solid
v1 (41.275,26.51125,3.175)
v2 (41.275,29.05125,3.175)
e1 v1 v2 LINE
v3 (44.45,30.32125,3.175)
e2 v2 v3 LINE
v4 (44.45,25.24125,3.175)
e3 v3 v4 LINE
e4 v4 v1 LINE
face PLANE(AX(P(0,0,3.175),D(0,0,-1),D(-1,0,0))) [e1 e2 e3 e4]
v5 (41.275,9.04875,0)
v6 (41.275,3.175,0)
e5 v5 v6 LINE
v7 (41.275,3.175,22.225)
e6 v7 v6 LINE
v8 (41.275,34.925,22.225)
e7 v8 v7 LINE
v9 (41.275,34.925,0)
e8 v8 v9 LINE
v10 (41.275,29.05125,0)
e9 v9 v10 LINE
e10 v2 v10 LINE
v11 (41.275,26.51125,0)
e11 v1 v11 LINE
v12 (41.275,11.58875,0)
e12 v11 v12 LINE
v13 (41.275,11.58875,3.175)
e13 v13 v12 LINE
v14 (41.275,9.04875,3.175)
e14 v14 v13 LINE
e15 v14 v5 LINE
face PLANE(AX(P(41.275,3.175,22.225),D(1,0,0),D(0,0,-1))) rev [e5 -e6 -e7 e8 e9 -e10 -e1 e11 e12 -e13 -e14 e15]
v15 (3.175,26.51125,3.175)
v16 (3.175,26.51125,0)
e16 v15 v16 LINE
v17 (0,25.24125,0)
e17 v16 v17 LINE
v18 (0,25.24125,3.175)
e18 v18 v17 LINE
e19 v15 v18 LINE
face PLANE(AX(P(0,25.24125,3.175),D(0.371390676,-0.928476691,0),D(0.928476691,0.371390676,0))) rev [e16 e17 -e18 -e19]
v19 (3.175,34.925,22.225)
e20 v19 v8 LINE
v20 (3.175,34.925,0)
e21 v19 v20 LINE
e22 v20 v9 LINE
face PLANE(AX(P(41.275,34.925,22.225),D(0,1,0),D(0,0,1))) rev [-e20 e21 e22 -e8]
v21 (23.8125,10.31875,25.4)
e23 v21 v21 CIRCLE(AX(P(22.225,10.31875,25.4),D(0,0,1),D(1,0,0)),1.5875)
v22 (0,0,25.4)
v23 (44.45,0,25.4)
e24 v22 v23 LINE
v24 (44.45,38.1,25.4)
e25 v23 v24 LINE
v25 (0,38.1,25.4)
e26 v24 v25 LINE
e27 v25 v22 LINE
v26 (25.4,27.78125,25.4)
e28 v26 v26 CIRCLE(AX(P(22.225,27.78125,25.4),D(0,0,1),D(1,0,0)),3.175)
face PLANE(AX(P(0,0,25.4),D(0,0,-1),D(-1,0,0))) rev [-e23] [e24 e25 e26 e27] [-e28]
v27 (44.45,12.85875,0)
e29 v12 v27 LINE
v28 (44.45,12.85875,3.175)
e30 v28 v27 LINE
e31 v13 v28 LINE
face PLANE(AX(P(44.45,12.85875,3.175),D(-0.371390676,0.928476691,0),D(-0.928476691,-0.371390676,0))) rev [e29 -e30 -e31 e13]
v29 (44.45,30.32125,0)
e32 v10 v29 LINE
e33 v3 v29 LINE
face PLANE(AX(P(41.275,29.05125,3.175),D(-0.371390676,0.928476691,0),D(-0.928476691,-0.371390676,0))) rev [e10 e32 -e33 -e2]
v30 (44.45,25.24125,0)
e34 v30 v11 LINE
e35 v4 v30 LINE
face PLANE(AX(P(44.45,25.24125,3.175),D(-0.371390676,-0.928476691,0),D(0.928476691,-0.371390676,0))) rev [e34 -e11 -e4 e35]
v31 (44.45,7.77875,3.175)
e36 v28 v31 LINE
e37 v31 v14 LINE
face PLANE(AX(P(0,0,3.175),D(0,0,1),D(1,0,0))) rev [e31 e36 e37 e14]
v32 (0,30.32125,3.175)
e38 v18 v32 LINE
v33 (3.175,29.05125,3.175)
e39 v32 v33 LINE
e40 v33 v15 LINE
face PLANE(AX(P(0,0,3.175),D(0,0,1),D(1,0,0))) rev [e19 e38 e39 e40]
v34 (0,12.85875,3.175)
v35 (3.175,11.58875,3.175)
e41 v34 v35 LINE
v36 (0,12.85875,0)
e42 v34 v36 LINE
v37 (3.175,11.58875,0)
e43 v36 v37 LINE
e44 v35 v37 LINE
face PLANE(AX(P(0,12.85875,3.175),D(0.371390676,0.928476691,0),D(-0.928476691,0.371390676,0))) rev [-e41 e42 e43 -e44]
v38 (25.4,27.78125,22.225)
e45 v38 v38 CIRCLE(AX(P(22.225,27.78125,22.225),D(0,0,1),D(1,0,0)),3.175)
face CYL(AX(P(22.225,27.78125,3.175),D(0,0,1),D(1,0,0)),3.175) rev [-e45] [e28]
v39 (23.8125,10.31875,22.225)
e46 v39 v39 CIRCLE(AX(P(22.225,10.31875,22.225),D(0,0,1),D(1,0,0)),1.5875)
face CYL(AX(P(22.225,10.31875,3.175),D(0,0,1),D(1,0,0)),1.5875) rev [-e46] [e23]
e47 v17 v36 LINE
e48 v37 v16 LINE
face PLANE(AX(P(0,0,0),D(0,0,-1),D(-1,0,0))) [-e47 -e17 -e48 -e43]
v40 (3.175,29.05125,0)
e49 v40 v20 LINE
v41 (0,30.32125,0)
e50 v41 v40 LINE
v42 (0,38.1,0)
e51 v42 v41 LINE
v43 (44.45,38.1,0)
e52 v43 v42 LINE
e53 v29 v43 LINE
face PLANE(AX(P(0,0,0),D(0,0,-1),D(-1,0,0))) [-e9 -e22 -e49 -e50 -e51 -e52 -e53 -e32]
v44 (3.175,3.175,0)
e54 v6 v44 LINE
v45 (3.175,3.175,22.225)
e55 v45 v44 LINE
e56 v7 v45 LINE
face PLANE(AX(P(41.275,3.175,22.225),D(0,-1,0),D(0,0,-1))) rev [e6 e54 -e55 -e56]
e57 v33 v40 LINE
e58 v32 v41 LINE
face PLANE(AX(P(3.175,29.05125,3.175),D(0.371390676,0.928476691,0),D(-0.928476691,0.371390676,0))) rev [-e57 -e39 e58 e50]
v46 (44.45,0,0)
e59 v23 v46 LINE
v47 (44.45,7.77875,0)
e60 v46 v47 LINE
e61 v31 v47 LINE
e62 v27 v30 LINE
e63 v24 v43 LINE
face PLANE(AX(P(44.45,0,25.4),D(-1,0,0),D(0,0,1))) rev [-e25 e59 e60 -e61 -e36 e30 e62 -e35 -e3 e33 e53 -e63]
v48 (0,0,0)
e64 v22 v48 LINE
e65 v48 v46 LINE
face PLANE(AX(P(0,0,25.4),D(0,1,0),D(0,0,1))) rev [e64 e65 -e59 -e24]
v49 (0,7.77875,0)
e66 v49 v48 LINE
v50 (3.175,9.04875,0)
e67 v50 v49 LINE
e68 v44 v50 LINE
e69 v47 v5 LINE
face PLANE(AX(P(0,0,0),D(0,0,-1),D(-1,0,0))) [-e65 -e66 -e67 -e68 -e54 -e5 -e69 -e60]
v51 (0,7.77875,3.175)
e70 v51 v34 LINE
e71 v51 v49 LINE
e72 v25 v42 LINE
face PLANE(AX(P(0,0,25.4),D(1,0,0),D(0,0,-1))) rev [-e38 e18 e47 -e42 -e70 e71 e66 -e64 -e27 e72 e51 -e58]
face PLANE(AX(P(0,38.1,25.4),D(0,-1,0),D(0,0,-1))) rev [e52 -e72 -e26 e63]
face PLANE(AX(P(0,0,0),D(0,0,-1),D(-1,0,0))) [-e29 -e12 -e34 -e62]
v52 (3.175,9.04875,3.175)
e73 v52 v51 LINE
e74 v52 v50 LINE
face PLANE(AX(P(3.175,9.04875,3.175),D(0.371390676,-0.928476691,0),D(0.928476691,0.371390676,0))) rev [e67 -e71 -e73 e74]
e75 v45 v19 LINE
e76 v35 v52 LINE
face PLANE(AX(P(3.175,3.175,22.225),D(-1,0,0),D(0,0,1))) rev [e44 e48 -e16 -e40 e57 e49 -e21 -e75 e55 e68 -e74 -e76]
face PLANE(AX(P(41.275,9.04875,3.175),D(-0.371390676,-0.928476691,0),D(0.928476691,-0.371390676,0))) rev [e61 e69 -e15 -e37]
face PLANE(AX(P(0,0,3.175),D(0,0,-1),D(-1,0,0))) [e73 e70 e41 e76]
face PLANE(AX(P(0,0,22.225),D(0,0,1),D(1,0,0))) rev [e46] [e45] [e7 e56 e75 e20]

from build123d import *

# Parameters (mm, degrees)
SKETCH1_W           = 44.45
SKETCH1_H           = 38.1
BOSS_EXTRUDE1_DEPTH = 25.4
SKETCH2_W           = 38.1
SKETCH2_H           = 31.75
CUT_EXTRUDE1_DEPTH  = 22.225
SKETCH3_R           = 3.175
SKETCH3_R_2         = 1.5875
CUT_EXTRUDE2_DEPTH  = 22.225
CUT_EXTRUDE3_DEPTH  = 3.175


with BuildPart() as part:
    # Sketch1 → Boss-Extrude1 (new body)
    with BuildSketch(Plane.XY):
        with Locations((22.225, 19.05)):
            Rectangle(SKETCH1_W, SKETCH1_H)
    extrude(amount=BOSS_EXTRUDE1_DEPTH)

    # Sketch2 → Cut-Extrude1 (cut)
    with BuildSketch(Plane(origin=(0, 0, 0), x_dir=(-1, 0, 0), z_dir=(0, 0, -1))):
        with Locations((-22.225, 19.05)):
            Rectangle(SKETCH2_W, SKETCH2_H)
    extrude(amount=-CUT_EXTRUDE1_DEPTH, mode=Mode.SUBTRACT)

    # Sketch3 → Cut-Extrude2 (cut)
    with BuildSketch(Plane.XY.offset(25.4)):
        with Locations((22.225, 27.78125)):
            Circle(SKETCH3_R)
        with Locations((22.225, 10.31875)):
            Circle(SKETCH3_R_2)
    extrude(amount=-CUT_EXTRUDE2_DEPTH, mode=Mode.SUBTRACT)

    # Sketch4 → Cut-Extrude3 (cut)
    with BuildSketch(Plane(origin=(0, 0, 0), x_dir=(-1, 0, 0), z_dir=(0, 0, -1))):
        Polygon((-41.275, 26.51125), (-41.275, 29.05125), (-44.45, 30.32125), (-44.45, 25.24125), align=None)
        Polygon((-44.45, 12.85875), (-41.275, 11.58875), (-41.275, 9.04875), (-44.45, 7.77875), align=None)
        Polygon((0, 25.24125), (-3.175, 26.51125), (-3.175, 29.05125), (0, 30.32125), align=None)
        Polygon((0, 12.85875), (0, 7.77875), (-3.175, 9.04875), (-3.175, 11.58875), align=None)
    extrude(amount=-CUT_EXTRUDE3_DEPTH, mode=Mode.SUBTRACT)


solid = part.part
